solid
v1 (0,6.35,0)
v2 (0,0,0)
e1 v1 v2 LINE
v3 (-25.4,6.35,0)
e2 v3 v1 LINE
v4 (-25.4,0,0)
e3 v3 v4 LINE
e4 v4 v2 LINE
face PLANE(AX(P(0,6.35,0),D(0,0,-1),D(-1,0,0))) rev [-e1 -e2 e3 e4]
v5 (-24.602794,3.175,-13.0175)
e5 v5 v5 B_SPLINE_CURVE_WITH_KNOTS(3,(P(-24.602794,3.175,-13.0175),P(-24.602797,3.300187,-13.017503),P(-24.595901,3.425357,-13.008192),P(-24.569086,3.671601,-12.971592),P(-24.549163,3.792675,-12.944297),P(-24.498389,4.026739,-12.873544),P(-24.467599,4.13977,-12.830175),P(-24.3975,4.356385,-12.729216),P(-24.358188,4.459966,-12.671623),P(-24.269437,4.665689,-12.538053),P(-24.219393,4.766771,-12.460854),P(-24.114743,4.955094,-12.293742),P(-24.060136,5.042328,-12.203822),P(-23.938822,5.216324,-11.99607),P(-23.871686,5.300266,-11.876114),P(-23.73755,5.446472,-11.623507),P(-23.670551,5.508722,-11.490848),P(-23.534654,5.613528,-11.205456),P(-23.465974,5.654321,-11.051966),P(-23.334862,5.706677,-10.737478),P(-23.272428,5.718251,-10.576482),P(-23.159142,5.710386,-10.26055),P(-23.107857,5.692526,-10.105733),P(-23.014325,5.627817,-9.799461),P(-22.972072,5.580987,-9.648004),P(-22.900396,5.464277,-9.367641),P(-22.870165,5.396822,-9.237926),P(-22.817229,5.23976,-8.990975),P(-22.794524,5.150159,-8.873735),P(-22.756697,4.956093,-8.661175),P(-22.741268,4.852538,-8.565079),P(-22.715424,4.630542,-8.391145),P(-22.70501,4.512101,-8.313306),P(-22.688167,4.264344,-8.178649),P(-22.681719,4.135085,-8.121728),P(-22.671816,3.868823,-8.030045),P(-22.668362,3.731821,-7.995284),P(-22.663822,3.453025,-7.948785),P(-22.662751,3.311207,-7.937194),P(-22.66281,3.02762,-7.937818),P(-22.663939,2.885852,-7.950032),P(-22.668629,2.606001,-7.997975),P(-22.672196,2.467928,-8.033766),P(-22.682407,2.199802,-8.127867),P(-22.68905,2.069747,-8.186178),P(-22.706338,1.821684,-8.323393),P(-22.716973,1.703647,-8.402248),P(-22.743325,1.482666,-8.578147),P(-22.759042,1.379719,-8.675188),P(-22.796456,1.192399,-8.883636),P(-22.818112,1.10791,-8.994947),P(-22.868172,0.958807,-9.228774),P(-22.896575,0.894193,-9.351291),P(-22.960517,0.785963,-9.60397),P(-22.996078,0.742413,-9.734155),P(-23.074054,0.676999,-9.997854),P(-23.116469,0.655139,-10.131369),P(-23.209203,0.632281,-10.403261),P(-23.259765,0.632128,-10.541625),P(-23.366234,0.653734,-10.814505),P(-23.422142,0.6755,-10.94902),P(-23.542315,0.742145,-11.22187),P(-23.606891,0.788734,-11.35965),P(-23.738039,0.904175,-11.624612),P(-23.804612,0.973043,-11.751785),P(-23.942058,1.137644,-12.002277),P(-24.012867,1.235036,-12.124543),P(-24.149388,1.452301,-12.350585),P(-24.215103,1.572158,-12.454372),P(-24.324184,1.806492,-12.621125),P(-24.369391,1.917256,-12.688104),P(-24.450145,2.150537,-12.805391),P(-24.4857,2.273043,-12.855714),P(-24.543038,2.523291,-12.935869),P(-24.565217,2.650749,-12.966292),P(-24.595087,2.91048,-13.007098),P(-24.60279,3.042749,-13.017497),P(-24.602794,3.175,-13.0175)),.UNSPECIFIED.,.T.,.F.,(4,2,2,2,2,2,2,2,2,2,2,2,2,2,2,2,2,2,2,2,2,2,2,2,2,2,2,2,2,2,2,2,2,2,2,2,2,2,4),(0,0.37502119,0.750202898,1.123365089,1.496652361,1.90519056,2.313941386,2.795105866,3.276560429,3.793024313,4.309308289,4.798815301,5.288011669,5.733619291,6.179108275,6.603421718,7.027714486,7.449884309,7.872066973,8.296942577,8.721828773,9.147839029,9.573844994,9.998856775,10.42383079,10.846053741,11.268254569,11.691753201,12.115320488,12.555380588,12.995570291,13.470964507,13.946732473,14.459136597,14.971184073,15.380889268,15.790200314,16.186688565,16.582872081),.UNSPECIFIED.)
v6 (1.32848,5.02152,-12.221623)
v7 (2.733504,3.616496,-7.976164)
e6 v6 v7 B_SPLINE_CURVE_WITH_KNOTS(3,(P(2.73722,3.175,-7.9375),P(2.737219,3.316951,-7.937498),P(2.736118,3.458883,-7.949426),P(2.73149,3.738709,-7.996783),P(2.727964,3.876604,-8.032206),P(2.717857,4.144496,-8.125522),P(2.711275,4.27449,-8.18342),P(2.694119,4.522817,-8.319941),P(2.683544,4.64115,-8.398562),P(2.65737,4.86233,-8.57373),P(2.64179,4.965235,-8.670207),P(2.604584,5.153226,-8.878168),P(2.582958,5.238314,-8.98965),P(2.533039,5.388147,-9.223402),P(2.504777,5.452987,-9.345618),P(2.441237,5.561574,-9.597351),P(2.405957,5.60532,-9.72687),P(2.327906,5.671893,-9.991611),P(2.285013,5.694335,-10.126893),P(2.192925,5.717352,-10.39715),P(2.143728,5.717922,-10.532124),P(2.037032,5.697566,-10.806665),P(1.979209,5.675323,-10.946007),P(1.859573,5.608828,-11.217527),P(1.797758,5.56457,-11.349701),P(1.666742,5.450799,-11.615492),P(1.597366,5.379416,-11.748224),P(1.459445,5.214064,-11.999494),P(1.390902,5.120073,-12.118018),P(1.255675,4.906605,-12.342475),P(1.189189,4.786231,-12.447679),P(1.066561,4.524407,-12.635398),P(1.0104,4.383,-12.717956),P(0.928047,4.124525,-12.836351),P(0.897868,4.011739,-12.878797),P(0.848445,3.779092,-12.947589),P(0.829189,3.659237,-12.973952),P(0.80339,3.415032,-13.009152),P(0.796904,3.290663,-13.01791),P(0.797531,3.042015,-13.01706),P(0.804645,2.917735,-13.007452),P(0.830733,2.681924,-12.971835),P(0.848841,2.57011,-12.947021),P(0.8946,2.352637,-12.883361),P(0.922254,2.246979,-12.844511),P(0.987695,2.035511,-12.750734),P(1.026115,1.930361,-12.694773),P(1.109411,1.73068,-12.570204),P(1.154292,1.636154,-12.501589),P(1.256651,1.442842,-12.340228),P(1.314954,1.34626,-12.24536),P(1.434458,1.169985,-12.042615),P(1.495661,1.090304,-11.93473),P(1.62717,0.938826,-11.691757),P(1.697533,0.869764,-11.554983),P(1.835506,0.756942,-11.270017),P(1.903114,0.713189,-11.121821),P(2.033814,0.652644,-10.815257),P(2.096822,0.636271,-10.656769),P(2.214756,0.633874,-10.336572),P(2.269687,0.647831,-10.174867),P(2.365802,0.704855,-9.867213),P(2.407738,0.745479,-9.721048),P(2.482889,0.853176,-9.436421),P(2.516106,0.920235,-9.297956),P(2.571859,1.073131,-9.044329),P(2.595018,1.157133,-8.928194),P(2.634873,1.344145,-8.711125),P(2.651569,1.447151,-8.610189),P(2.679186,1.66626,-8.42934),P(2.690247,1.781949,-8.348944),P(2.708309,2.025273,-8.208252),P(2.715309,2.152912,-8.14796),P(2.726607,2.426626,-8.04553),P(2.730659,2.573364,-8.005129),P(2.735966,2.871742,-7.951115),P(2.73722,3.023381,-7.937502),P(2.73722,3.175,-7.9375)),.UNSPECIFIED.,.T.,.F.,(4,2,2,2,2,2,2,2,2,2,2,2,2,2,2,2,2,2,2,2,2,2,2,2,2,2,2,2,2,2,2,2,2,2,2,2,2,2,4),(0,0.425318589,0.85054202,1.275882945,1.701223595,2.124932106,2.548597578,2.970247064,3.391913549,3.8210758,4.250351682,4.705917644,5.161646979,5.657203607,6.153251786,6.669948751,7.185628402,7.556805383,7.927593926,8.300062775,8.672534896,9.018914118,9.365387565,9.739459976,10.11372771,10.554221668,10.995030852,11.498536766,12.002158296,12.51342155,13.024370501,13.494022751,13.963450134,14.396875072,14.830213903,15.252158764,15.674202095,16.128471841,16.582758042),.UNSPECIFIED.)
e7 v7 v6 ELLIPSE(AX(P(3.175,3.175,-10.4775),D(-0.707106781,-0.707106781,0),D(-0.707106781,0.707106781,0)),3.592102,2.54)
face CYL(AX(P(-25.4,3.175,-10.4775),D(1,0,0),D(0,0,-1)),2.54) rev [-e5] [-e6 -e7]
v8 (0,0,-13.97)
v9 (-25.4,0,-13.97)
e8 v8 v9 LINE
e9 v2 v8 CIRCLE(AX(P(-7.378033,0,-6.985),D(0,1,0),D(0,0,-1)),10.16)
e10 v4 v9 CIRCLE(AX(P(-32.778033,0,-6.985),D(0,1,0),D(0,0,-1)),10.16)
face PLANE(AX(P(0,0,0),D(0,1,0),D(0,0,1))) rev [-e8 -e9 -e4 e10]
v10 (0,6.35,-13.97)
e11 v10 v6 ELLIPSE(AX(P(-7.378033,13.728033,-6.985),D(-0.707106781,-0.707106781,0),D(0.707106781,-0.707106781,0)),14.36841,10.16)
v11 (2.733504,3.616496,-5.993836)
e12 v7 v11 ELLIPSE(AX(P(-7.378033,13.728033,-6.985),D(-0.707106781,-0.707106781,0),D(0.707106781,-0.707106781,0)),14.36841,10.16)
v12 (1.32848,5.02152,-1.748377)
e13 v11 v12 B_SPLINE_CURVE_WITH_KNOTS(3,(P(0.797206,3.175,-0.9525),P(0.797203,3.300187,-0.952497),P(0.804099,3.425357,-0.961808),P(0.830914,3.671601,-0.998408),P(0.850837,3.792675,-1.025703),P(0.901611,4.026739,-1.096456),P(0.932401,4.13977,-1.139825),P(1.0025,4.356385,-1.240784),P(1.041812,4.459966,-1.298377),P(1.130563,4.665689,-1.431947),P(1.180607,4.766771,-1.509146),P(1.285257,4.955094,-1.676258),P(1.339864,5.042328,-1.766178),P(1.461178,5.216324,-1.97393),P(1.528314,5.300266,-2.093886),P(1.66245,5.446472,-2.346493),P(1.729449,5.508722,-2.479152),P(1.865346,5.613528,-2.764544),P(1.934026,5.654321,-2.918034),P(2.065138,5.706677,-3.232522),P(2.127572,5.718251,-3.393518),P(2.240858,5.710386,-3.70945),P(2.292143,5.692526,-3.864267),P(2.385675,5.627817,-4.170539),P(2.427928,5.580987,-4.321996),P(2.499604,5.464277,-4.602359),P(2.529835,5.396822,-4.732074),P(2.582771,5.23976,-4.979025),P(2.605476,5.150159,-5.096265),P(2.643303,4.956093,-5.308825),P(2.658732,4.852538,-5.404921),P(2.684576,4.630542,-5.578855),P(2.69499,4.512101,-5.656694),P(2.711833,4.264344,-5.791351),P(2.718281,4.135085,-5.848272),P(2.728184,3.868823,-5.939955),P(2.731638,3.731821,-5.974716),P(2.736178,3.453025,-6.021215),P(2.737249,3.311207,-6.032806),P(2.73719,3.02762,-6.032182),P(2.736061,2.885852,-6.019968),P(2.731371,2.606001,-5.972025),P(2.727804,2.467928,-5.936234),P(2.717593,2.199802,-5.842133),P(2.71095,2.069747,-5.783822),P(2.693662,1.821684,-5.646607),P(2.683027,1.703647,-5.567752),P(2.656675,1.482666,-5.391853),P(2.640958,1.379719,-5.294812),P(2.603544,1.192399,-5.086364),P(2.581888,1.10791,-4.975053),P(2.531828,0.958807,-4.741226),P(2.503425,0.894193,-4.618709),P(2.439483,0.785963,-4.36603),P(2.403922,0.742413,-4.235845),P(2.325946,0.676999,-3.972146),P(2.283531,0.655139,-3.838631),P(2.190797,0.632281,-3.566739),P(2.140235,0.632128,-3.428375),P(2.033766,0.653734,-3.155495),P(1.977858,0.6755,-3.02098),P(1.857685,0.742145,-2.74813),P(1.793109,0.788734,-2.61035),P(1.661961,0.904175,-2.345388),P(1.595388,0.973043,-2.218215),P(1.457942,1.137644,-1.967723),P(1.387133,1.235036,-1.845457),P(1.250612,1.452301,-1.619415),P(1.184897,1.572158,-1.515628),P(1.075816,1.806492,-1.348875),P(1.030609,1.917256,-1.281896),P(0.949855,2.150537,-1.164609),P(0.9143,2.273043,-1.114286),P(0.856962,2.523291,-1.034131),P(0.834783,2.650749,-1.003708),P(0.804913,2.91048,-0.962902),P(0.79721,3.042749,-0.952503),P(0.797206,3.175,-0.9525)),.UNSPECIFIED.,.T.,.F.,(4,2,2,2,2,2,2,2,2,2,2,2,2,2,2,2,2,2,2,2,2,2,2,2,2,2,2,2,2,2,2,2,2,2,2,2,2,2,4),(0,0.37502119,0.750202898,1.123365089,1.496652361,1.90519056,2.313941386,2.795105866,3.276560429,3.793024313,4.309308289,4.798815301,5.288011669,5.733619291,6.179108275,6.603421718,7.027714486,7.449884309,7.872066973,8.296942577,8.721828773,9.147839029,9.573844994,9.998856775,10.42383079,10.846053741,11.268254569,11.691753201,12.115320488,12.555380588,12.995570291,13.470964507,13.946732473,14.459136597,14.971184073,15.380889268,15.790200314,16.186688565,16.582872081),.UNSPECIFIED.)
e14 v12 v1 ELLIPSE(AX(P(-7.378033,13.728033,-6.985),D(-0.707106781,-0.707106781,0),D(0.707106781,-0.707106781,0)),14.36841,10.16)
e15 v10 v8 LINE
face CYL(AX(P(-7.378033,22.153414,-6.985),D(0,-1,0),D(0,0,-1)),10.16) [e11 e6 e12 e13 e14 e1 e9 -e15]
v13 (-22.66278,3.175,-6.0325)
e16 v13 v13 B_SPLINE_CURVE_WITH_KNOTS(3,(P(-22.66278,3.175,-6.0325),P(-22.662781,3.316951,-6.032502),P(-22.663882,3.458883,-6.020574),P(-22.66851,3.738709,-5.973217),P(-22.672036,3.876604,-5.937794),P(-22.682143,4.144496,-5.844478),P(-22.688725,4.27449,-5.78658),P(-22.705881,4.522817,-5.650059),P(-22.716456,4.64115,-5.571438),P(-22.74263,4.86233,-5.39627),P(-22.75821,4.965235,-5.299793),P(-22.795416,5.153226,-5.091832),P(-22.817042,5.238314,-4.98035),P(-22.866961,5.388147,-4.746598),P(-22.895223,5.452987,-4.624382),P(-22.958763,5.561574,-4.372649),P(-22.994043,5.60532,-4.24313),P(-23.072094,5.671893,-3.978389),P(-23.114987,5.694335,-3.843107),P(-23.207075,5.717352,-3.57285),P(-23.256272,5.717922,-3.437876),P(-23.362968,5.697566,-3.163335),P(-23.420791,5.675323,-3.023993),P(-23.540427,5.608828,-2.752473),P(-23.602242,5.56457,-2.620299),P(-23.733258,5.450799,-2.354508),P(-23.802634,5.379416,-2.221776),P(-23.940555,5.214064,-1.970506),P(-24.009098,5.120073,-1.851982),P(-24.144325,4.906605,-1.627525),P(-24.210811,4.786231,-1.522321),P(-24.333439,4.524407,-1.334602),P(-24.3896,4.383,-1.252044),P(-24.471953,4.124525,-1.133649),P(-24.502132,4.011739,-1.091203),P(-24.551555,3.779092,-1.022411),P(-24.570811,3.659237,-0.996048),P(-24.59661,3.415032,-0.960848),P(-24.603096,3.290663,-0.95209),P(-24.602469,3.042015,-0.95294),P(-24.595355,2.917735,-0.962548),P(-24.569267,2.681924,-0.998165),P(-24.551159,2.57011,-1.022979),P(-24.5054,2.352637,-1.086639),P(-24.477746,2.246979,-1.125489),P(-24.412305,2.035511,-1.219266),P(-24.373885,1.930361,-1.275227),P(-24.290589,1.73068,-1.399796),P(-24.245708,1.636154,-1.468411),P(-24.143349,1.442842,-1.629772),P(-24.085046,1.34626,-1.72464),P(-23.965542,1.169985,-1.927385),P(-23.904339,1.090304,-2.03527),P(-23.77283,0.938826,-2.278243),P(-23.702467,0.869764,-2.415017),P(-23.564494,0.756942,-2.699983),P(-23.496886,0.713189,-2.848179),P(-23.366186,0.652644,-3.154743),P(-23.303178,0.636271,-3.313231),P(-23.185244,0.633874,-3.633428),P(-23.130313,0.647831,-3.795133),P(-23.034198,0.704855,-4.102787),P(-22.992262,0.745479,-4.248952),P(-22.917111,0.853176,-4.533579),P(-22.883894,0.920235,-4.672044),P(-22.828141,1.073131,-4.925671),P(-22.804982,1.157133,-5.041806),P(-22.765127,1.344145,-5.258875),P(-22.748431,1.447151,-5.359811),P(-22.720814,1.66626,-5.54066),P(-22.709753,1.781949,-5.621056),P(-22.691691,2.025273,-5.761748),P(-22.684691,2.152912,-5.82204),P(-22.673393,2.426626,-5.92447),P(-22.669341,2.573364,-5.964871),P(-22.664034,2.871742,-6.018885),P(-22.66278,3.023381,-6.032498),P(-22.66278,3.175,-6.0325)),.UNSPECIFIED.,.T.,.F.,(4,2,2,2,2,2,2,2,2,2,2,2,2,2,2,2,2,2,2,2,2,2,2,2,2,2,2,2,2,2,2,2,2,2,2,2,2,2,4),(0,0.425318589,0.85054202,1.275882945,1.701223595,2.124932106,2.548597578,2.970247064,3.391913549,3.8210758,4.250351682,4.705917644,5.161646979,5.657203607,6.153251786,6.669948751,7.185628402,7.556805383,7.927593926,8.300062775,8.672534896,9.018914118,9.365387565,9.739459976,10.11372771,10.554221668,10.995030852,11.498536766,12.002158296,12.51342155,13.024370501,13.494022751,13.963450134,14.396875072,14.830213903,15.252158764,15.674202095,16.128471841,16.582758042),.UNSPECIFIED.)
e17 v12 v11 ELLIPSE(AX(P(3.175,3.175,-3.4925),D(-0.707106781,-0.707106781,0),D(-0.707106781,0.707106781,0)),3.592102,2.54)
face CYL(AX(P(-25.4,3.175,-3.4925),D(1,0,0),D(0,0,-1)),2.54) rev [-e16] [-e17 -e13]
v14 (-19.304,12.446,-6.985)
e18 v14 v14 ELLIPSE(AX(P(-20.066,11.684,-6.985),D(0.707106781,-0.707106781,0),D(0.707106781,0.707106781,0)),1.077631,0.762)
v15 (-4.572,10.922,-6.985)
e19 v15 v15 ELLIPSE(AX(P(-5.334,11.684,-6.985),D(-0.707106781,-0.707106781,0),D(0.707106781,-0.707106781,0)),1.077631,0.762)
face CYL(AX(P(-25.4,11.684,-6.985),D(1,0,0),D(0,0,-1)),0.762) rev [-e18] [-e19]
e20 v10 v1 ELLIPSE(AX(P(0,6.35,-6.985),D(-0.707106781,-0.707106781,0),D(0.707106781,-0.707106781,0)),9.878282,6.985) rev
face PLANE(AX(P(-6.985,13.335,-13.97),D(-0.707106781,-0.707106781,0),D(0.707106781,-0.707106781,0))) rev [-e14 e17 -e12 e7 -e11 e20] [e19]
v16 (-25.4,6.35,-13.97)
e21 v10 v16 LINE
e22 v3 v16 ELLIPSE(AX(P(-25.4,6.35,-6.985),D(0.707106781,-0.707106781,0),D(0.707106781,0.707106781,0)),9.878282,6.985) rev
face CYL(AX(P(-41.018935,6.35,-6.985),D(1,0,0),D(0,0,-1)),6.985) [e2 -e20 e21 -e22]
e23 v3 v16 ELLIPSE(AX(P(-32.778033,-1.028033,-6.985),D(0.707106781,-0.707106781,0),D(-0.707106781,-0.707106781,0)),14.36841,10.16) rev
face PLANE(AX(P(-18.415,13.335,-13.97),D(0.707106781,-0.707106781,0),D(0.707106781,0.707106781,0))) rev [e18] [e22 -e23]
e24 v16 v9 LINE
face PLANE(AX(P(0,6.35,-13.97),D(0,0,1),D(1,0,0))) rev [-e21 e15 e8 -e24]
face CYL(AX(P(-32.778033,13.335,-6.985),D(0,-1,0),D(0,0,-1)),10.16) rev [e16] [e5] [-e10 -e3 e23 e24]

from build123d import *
from build123d.topology import SkipClean

# Parameters (mm, degrees)
SKETCH1_W                             = 25.4
SKETCH1_H                             = 13.97
DEPTH_A_DEPTH                         = 6.35
ROUND_EXTRUDE_DEPTH                   = 25.4
ANGLE_CUT_DEPTH                       = 32.908355097
STRING_HOLE_R                         = 0.762
STRING_HOLE_CUT_DEPTH                 = 32.908355097
ELASTIC_HOLE_CUT_DEPTH                = 32.908355097
ELASTIC_HOLE_CUT_DEPTH_BACK           = 32.908355097
ELASTIC_HOLES_R                       = 2.54
GUIDE_OUTIE_EXTRUDE_REACH             = 33.908
SKETCH7_R                             = 2.54
ELASTIC_HOLE_CUT_ON_GUIDE_OUTIE_DEPTH = 32.908355097
GUIDE_INNIE_CUT_DEPTH                 = 32.908355141


with BuildPart() as part:
    # Sketch1 → depth a (new body)
    with BuildSketch(Plane(origin=(0, 0, 0), x_dir=(1, 0, 0), z_dir=(0, 1, 0))):
        with Locations((-12.7, 6.985)):
            Rectangle(SKETCH1_W, SKETCH1_H)
    extrude(amount=DEPTH_A_DEPTH)

    # Sketch4 → round extrude (add)
    with BuildSketch(Plane(origin=(0, 0, 0), x_dir=(0, 0, -1), z_dir=(1, 0, 0))):
        with BuildLine():
            Line((0, 6.35), (13.97, 6.35))
            ThreePointArc((13.97, 6.35), (6.985, 13.335), (0, 6.35))
        make_face()
    extrude(amount=-ROUND_EXTRUDE_DEPTH)

    # Sketch5 → angle cut (cut, through all)
    with BuildSketch(Plane.XY):
        Polygon((0, 6.35), (0, 13.335), (-6.985, 13.335), align=None)
        Polygon((-25.4, 6.35), (-25.4, 13.335), (-18.415, 13.335), align=None)
    extrude(amount=-ANGLE_CUT_DEPTH, mode=Mode.SUBTRACT)

    # string hole → string hole cut (cut, through all)
    with BuildSketch(Plane(origin=(0, 0, 0), x_dir=(0, 0, -1), z_dir=(1, 0, 0))):
        with Locations(Location((6.985, 11.684, 0), (0, 0, 270))):
            Circle(STRING_HOLE_R)
    extrude(amount=-STRING_HOLE_CUT_DEPTH, mode=Mode.SUBTRACT)

    # elastic holes → elastic hole cut (cut, two sides: drawn at the far end of the back side and taken through both)
    with BuildSketch(Plane(origin=(0, 0, 0), x_dir=(0, 0, -1), z_dir=(1, 0, 0)).offset(-ELASTIC_HOLE_CUT_DEPTH_BACK)):
        with Locations((3.4925, 3.175)):
            Circle(ELASTIC_HOLES_R)
        with Locations(Location((10.4775, 3.175, 0), (0, 0, 180))):
            Circle(ELASTIC_HOLES_R)
    extrude(amount=ELASTIC_HOLE_CUT_DEPTH + ELASTIC_HOLE_CUT_DEPTH_BACK, mode=Mode.SUBTRACT)

    # guide outie extrude: up to this plane
    guide_outie_extrude_end = Plane(origin=(-6.985, 13.335, -13.97), z_dir=(-0.7071067811865512, -0.7071067811865439, 0))
    # guide outie → guide outie extrude (add, up to the surface)
    with BuildSketch(Plane(origin=(0, 0, 0), x_dir=(1, 0, 0), z_dir=(0, 1, 0)), mode=Mode.PRIVATE) as guide_outie_extrude_sk1:
        with BuildLine():
            Line((0, 13.97), (0, 0))
            ThreePointArc((0, 0), (2.781966725, 6.985), (0, 13.97))
        make_face()
    guide_outie_extrude_tool1 = split(extrude(guide_outie_extrude_sk1.sketch, amount=GUIDE_OUTIE_EXTRUDE_REACH, mode=Mode.PRIVATE), bisect_by=guide_outie_extrude_end, keep=Keep.BOTH, mode=Mode.PRIVATE)
    add(guide_outie_extrude_tool1.solids().sort_by_distance((1.126975, 0, -6.985))[0])

    # Sketch7 → elastic hole cut on guide outie (cut, through all)
    with SkipClean():  # the faces are left unmerged after this step: merging them gives an invalid solid
        with BuildSketch(Plane.ZY):
            with Locations(Location((-3.4925, 3.175, 0), (0, 0, 180))):
                Circle(SKETCH7_R)
            with Locations(Location((-10.4775, 3.175, 0), (0, 0, 133.366502627))):
                Circle(SKETCH7_R)
        extrude(amount=-ELASTIC_HOLE_CUT_ON_GUIDE_OUTIE_DEPTH, mode=Mode.SUBTRACT)

    # guide innie → guide innie cut (cut, through all)
    with SkipClean():  # the faces are left unmerged after this step: merging them gives an invalid solid
        with BuildSketch(Plane(origin=(0, 0, 0), x_dir=(1, 0, 0), z_dir=(0, 1, 0))):
            with BuildLine():
                Line((-25.4, 13.97), (-25.4, 0))
                ThreePointArc((-25.4, 0), (-22.618033275, 6.985), (-25.4, 13.97))
            make_face()
        extrude(amount=GUIDE_INNIE_CUT_DEPTH, mode=Mode.SUBTRACT)


solid = part.part
